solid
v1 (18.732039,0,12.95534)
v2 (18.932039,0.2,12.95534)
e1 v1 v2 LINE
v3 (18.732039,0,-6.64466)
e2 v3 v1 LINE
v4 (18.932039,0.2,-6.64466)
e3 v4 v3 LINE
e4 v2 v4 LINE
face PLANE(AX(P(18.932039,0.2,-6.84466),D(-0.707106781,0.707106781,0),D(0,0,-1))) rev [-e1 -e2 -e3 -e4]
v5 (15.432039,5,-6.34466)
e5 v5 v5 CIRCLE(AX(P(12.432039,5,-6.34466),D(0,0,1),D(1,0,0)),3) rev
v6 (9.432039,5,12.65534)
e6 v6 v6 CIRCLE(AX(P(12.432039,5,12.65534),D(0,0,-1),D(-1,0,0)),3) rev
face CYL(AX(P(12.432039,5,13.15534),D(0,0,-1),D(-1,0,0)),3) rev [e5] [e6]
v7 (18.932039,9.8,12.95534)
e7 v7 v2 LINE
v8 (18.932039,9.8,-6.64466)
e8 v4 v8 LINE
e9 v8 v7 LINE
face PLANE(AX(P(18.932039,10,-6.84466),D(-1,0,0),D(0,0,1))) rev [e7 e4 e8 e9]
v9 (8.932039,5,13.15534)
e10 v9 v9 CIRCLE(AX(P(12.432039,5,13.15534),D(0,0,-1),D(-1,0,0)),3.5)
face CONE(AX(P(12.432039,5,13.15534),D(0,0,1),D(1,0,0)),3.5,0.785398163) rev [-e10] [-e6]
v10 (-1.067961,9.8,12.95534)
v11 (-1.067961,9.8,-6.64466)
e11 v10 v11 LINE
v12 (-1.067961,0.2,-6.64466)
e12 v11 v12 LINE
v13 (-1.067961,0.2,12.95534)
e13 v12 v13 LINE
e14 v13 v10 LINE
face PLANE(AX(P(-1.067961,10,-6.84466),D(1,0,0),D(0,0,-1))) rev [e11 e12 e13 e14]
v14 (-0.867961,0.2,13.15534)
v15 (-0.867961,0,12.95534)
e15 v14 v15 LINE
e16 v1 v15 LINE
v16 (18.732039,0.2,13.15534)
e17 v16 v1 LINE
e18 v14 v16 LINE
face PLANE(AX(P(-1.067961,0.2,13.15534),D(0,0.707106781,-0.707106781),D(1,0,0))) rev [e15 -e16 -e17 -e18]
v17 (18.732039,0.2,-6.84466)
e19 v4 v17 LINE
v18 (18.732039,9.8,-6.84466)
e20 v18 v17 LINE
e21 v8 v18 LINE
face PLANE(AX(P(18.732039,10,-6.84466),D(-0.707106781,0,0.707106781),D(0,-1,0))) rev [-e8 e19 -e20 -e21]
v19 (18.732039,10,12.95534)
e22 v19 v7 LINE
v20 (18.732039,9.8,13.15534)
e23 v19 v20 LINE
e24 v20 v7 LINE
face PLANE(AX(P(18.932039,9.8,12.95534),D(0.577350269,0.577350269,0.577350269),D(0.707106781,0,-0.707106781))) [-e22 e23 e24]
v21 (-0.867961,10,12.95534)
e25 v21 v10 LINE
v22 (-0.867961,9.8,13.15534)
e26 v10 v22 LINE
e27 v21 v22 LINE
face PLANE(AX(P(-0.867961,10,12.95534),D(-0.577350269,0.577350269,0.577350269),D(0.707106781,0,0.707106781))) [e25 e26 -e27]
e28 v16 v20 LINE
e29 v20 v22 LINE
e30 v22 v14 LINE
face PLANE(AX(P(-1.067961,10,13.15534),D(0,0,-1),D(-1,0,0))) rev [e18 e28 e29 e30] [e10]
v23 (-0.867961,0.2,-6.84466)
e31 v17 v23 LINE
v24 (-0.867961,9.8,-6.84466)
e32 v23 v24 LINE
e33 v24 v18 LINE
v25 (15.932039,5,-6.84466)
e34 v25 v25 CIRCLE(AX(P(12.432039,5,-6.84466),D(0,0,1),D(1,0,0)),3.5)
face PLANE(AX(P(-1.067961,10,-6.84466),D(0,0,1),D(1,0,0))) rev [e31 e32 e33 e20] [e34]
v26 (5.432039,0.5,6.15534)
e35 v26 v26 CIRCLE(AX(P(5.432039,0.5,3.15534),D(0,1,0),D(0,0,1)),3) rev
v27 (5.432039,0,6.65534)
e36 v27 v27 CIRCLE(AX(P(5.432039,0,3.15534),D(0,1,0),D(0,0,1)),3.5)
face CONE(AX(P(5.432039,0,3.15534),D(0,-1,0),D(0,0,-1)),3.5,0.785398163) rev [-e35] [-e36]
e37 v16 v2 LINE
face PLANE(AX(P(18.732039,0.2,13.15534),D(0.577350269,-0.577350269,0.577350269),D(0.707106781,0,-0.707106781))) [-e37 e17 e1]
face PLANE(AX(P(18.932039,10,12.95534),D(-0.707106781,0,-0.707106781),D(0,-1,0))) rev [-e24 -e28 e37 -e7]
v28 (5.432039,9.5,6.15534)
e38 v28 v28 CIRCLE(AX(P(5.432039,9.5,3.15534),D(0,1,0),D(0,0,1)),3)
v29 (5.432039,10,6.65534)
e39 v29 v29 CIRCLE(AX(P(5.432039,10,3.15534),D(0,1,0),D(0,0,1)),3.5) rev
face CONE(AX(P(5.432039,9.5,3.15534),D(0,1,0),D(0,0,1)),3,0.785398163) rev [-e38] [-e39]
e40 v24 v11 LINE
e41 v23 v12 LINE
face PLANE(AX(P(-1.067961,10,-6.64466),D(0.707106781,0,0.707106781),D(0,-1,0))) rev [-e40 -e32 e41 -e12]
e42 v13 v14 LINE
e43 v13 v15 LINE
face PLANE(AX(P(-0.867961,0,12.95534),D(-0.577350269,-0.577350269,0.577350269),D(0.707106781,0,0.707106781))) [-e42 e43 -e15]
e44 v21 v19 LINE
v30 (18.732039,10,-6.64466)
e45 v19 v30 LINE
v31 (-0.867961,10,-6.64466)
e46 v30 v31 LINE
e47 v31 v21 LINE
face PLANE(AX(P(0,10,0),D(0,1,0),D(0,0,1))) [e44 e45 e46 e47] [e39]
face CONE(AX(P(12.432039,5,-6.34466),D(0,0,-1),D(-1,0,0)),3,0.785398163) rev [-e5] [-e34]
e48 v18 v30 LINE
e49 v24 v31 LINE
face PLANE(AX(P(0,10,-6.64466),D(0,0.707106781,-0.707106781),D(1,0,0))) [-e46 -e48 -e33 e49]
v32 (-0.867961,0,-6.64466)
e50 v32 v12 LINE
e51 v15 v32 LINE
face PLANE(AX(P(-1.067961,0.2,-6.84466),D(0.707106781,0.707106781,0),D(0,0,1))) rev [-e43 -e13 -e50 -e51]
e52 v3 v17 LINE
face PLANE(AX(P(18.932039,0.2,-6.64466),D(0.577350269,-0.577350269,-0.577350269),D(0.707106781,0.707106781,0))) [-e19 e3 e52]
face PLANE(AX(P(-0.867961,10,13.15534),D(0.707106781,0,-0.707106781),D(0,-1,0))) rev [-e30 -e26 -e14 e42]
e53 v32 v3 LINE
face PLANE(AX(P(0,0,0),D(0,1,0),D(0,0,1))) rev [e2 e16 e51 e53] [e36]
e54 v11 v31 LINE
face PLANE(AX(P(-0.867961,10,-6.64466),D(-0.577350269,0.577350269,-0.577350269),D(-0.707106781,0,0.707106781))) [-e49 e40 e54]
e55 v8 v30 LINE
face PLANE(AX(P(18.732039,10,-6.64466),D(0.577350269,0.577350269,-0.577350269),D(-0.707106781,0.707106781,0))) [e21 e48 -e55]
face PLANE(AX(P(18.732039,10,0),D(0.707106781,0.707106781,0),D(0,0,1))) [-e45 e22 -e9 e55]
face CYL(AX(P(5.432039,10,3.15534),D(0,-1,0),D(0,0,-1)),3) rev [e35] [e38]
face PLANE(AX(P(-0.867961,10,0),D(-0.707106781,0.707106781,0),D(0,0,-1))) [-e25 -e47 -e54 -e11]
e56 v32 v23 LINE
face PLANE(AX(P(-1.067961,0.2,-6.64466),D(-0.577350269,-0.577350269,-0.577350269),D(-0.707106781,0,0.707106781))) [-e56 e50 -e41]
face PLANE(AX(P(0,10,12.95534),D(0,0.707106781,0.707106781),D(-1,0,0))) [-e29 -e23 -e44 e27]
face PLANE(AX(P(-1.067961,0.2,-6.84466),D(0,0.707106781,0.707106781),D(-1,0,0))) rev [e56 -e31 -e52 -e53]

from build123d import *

# Parameters (mm, degrees)
SKETCH_1_W          = 20
SKETCH_1_H          = 20
SKETCH_1_R          = 3
EXTRUDE_1_DEPTH     = 10
SKETCH_2_R          = 3
CUT_EXTRUDE_1_DEPTH = 30.298841179
CHAMFER_3_SIZE      = 0.5
CHAMFER_4_SIZE      = 0.2


with BuildPart() as part:
    # 草图1 → 凸台-拉伸1 (new body)
    with BuildSketch(Plane(origin=(0, 0, 0), x_dir=(1, 0, 0), z_dir=(0, 1, 0))):
        with Locations((8.932038835, -3.155339806)):
            Rectangle(SKETCH_1_W, SKETCH_1_H)
        with Locations(Location((5.432038835, -3.155339806, 0), (0, 0, 270))):
            Circle(SKETCH_1_R, mode=Mode.SUBTRACT)
    extrude(amount=EXTRUDE_1_DEPTH)

    # 草图2 → 切除-拉伸1 (cut, through all)
    with BuildSketch(Plane(origin=(0, 0, -6.844660194), x_dir=(-1, 0, 0), z_dir=(0, 0, -1))):
        with Locations((-12.432038835, 5)):
            Circle(SKETCH_2_R)
    extrude(amount=-CUT_EXTRUDE_1_DEPTH, mode=Mode.SUBTRACT)

    # 倒角3
    chamfer_3_edges = [part.edges().sort_by_distance(p)[0] for p in [
        (5.432038835, 0, 0.155339806),
        (5.432038835, 10, 0.155339806),
        (15.432038835, 5, 13.155339806),
        (15.432038835, 5, -6.844660194),
    ]]
    chamfer(chamfer_3_edges, length=CHAMFER_3_SIZE)

    # 倒角4
    chamfer_4_edges = [part.edges().sort_by_distance(p)[0] for p in [
        (18.932038835, 10, 3.155339806),
        (8.932038835, 10, -6.844660194),
        (-1.067961165, 10, 3.155339806),
        (8.932038835, 0, -6.844660194),
        (18.932038835, 0, 3.155339806),
        (8.932038835, 0, 13.155339806),
        (-1.067961165, 0, 3.155339806),
        (8.932038835, 10, 13.155339806),
        (-1.067961165, 5, -6.844660194),
        (18.932038835, 5, -6.844660194),
        (18.932038835, 5, 13.155339806),
        (-1.067961165, 5, 13.155339806),
    ]]
    chamfer(chamfer_4_edges, length=CHAMFER_4_SIZE)


solid = part.part
